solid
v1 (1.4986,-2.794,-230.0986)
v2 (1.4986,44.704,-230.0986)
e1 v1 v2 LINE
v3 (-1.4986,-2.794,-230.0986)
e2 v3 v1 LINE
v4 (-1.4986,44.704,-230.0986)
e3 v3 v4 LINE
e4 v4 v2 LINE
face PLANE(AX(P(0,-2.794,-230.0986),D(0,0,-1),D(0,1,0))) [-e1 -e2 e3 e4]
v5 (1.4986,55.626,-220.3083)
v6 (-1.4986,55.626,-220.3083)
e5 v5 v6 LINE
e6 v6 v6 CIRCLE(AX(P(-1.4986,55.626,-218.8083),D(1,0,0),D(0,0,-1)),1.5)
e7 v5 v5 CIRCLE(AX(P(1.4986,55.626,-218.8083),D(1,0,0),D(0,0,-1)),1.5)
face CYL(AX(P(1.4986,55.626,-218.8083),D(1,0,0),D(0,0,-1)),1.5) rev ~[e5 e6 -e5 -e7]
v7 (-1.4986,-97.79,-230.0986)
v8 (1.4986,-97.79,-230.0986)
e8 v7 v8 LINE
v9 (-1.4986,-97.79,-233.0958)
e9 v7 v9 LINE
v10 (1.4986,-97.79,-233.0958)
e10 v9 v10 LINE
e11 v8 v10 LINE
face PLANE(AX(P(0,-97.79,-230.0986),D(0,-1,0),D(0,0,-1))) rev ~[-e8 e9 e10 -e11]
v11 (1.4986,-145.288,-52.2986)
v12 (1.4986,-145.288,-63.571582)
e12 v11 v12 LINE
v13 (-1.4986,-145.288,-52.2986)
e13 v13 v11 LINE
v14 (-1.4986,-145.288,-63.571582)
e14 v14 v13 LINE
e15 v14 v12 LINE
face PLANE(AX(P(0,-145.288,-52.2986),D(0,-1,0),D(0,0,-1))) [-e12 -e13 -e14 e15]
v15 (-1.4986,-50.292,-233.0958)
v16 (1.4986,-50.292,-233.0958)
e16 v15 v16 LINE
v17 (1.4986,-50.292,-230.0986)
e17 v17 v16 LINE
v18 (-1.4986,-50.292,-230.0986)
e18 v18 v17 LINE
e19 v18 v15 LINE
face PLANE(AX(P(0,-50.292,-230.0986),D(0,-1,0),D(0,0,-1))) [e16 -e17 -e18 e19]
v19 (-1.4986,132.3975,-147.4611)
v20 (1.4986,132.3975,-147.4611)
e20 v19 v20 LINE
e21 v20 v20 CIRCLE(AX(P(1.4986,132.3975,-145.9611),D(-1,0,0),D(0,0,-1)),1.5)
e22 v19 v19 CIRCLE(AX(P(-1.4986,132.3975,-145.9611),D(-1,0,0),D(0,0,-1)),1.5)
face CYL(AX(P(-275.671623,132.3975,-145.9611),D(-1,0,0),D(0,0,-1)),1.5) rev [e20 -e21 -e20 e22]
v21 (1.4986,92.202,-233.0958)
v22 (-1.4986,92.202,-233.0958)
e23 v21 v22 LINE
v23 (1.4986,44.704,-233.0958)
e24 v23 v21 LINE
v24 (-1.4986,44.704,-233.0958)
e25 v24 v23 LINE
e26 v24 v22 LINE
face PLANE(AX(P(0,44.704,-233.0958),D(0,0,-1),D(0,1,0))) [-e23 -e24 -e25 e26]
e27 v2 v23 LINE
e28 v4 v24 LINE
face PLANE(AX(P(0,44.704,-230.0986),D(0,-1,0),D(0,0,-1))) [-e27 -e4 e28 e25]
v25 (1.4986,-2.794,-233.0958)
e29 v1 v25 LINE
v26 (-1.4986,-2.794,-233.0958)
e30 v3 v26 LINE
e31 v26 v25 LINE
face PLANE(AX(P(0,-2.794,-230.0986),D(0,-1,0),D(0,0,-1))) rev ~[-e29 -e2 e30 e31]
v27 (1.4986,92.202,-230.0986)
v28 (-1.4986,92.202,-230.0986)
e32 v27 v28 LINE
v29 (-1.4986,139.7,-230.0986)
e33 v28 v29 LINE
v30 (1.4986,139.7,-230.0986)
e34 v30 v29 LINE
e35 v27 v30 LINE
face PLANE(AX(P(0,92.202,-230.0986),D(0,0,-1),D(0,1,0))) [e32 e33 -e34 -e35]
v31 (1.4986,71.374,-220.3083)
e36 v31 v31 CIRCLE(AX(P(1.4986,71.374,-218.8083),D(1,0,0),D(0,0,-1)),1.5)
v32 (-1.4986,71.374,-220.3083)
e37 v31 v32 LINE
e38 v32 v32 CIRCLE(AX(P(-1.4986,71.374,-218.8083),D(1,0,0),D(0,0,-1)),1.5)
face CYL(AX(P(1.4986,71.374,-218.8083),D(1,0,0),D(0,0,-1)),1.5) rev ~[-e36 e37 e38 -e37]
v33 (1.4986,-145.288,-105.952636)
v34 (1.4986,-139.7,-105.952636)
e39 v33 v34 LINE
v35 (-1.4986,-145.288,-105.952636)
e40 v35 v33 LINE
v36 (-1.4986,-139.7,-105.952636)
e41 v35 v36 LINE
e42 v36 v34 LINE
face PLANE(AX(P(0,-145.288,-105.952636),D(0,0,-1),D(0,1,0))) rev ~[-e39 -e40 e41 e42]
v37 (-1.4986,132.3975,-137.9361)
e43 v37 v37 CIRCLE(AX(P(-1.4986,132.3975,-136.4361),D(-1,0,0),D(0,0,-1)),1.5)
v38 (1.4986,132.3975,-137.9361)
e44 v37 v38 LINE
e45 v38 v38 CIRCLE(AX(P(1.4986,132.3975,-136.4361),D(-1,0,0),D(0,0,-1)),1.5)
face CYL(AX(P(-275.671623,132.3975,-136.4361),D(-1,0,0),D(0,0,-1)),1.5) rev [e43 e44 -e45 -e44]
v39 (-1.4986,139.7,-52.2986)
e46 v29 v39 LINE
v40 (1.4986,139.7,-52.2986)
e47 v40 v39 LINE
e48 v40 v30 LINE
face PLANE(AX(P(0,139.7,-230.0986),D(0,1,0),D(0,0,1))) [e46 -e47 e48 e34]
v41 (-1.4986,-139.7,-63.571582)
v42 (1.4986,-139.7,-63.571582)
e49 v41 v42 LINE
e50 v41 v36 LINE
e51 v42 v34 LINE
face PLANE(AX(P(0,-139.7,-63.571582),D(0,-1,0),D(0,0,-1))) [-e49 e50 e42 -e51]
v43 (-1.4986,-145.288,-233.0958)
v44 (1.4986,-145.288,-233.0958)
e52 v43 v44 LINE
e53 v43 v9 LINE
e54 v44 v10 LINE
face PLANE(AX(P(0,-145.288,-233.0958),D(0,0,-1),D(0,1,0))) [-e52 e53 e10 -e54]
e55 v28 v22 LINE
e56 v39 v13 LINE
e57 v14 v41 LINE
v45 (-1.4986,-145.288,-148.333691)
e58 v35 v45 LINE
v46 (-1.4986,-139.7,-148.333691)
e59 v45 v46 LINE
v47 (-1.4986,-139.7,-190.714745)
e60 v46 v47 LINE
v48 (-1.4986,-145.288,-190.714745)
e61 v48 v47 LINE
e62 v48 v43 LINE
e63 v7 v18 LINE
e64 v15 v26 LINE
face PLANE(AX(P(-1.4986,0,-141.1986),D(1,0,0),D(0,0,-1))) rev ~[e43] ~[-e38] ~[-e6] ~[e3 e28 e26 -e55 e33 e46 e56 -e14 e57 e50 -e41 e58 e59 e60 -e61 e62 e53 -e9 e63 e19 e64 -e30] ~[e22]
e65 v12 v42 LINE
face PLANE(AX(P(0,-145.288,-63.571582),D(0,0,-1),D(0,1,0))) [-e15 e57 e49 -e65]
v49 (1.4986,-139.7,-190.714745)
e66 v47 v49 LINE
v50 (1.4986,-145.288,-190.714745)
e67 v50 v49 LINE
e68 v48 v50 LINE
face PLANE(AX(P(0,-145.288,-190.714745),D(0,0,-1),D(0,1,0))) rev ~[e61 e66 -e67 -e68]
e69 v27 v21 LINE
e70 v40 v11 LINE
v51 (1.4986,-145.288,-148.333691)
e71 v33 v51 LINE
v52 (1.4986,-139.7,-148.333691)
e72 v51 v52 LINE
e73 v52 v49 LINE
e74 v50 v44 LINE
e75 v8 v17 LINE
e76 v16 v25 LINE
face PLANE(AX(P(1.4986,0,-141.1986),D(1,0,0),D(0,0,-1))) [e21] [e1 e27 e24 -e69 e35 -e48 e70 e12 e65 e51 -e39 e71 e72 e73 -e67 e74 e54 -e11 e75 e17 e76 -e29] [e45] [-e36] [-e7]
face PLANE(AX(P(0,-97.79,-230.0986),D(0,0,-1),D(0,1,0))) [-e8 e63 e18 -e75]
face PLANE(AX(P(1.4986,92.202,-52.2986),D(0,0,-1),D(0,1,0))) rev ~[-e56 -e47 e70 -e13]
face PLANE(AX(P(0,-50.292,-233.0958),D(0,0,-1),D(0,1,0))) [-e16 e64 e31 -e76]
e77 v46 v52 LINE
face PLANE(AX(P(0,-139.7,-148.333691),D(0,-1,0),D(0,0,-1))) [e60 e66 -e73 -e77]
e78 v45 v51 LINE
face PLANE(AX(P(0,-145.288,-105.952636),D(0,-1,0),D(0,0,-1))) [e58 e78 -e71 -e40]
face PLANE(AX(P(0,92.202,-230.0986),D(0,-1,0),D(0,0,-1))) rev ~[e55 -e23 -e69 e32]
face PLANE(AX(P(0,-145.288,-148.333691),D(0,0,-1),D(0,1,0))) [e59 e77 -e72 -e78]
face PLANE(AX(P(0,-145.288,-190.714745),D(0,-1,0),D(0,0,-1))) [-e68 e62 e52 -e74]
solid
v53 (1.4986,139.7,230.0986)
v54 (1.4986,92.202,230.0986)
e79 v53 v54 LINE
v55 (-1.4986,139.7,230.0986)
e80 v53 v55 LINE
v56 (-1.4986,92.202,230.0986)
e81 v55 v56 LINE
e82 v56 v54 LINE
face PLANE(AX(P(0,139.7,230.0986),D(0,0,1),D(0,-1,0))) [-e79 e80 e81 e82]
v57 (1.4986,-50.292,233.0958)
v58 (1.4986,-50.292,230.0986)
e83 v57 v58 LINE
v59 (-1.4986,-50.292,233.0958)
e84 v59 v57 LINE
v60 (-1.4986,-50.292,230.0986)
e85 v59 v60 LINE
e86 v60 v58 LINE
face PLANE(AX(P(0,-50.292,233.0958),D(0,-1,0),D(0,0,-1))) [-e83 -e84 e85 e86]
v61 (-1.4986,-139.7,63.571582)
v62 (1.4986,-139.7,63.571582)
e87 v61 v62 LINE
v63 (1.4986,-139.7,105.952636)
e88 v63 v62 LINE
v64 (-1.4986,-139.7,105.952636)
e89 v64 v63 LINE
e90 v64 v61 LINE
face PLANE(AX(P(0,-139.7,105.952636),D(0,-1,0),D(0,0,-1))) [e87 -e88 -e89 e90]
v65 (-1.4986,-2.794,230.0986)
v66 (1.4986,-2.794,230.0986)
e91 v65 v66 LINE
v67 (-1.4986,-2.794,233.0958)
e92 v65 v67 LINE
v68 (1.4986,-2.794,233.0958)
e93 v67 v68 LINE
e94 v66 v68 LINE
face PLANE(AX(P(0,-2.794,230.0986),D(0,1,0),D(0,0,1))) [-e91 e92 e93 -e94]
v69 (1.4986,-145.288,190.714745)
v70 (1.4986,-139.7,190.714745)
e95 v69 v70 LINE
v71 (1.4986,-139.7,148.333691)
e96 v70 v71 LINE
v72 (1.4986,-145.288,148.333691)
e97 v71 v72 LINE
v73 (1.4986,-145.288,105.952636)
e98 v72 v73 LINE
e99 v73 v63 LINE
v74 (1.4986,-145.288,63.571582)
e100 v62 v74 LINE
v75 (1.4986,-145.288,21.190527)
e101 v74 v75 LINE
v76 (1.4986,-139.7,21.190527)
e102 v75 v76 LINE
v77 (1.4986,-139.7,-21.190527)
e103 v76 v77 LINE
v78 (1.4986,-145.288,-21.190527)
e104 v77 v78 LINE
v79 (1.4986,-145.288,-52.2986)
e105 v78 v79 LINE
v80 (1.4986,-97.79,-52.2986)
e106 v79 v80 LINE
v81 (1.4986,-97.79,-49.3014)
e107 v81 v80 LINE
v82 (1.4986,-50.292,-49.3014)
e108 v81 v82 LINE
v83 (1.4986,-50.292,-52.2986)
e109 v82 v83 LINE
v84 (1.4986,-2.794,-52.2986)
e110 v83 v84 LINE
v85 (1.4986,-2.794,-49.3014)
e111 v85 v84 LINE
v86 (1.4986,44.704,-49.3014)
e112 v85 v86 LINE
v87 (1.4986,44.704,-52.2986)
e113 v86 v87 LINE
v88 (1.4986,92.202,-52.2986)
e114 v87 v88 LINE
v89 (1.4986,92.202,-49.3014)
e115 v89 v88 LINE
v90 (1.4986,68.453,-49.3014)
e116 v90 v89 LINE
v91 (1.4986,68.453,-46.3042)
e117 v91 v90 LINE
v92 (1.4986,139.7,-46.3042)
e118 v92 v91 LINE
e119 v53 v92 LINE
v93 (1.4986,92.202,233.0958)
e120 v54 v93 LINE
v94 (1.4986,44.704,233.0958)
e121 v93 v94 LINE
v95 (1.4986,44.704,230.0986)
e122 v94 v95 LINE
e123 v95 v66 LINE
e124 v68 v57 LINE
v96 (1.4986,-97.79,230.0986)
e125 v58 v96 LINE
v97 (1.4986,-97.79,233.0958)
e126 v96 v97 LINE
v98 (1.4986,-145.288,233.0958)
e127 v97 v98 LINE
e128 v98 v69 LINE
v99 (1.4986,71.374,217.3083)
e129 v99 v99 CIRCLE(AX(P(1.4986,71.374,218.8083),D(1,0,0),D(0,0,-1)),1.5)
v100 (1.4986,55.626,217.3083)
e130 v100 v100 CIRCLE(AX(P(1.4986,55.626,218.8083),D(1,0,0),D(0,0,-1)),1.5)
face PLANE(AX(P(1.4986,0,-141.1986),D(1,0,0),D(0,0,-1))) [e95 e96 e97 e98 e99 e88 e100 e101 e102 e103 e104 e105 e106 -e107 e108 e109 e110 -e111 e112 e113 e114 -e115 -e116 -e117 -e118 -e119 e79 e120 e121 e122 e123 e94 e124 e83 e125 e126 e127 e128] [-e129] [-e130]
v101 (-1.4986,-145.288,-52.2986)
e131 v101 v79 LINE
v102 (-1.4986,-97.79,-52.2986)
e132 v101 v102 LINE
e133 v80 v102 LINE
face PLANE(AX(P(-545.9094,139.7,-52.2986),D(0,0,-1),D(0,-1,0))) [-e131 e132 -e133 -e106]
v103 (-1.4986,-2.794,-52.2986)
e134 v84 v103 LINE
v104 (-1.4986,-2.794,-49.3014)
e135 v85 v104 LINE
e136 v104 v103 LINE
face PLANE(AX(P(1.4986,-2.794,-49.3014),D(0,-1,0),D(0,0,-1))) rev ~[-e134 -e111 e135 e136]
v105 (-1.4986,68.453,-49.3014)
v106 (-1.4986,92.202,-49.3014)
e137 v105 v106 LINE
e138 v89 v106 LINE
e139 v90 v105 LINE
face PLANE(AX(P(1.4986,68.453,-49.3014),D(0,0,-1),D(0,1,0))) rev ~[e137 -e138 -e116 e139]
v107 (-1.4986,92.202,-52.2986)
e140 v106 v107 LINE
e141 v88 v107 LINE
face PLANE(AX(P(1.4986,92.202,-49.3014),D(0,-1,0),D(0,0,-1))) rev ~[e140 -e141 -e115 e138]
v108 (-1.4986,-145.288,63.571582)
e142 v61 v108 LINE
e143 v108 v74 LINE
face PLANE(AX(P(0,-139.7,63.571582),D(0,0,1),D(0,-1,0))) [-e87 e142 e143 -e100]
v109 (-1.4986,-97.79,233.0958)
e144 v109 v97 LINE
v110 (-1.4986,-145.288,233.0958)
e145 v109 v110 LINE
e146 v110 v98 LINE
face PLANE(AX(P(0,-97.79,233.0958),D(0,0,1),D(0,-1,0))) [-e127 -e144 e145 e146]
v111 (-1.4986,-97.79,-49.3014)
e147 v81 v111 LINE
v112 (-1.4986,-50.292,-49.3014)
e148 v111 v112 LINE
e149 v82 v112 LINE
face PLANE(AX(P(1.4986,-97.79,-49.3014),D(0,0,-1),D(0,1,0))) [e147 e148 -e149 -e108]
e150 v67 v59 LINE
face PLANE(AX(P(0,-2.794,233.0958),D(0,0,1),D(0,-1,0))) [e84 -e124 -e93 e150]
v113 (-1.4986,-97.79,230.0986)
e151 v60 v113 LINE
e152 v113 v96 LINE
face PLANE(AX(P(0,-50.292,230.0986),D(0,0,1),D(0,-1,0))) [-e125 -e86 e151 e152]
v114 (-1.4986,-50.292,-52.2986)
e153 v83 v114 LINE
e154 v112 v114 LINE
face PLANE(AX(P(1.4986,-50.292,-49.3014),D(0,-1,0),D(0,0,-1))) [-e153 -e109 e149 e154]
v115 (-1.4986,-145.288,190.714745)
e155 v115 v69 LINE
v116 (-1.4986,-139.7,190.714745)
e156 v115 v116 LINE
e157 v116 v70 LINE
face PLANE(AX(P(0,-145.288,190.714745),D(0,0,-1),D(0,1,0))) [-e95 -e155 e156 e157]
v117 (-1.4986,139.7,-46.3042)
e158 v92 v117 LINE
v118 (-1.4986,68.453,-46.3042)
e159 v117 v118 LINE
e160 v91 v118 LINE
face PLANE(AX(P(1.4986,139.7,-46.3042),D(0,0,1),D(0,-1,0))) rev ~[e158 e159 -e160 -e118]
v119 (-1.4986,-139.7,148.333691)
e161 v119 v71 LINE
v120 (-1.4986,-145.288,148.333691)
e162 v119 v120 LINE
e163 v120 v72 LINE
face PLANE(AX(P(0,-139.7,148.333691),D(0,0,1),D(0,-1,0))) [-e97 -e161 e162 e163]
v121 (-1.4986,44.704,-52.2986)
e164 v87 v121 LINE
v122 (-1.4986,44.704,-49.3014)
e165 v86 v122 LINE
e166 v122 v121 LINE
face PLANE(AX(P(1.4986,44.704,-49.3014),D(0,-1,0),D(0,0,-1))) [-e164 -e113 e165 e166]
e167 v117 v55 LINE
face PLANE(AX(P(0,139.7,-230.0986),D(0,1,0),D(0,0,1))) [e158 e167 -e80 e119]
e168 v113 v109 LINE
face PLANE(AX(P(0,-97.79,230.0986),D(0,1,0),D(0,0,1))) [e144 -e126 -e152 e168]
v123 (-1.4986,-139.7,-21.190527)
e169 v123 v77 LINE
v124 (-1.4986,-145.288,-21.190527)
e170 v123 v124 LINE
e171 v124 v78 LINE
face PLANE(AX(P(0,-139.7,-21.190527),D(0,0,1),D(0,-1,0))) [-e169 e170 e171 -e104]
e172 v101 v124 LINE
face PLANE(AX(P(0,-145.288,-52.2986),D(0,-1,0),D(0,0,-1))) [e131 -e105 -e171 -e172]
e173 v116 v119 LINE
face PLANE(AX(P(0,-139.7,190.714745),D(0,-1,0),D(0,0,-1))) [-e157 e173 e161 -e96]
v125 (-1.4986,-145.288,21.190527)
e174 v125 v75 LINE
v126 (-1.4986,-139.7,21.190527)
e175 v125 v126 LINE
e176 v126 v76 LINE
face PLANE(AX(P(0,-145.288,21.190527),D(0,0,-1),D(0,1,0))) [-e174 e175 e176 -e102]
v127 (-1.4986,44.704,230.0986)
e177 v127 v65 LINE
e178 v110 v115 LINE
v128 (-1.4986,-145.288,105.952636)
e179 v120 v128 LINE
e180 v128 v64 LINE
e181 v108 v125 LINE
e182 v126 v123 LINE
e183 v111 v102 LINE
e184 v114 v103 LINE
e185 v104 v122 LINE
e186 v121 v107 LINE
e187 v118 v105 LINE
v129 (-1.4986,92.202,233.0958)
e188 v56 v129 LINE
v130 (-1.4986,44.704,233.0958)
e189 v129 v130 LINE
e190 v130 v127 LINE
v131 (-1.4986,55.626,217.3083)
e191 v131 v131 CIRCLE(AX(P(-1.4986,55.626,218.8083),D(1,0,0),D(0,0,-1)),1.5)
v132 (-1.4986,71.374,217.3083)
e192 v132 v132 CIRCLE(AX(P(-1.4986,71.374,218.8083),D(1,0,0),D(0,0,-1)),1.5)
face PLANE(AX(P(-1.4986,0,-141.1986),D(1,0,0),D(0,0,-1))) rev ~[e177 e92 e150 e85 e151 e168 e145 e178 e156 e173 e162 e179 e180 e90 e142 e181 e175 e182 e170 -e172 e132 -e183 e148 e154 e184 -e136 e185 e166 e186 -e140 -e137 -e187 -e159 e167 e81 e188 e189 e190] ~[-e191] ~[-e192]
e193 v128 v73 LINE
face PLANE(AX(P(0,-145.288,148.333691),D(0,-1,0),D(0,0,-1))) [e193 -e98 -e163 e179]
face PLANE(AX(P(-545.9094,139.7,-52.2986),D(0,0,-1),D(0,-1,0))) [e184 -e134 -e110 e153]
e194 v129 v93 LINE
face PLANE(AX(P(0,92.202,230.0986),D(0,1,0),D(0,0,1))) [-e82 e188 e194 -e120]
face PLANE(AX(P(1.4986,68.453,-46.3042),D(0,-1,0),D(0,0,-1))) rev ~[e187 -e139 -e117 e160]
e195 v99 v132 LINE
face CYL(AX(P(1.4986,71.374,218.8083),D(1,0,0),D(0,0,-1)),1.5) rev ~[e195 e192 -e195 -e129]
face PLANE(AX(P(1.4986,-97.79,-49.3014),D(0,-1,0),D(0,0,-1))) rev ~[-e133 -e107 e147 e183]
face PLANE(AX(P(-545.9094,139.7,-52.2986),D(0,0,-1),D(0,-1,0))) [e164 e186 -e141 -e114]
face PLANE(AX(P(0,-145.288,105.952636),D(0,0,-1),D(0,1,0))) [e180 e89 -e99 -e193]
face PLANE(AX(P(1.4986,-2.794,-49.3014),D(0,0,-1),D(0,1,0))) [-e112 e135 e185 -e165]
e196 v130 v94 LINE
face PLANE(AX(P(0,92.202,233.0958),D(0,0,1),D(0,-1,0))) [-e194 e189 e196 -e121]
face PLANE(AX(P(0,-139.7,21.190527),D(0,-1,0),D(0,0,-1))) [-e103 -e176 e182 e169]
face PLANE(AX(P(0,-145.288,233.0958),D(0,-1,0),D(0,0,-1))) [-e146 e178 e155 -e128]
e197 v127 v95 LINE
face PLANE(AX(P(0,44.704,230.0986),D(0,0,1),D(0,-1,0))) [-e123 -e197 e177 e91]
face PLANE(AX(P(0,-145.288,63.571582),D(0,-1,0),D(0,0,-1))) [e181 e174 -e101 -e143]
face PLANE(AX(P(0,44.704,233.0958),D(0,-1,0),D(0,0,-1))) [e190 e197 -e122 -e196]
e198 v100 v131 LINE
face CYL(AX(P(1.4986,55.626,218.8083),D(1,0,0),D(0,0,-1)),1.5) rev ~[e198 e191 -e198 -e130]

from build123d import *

# Parameters (mm, degrees)
BOSS_EXTRUDE1_DEPTH     = 1.4986
SKETCH1_3_W             = 11.272981818
SKETCH1_3_H             = 5.588
SKETCH1_3_W_2           = 42.381054545
SKETCH1_3_W_3           = 39.383854545
SKETCH1_3_W_4           = 2.9972
SKETCH1_3_H_2           = 41.91
SKETCH1_3_H_3           = 47.498
BOSS_EXTRUDE2_DEPTH     = 1.4986
SKETCH4_W               = 2.9972
SKETCH4_H               = 47.498
SKETCH4_H_2             = 23.749
CUT_EXTRUDE1_DEPTH      = 275.683887641
SKETCH9_R               = 1.5
CUT_EXTRUDE4_DEPTH      = 275.683887641
CUT_EXTRUDE5_DEPTH      = 275.671623441
CUT_EXTRUDE5_DEPTH_BACK = 275.671623441
SKETCH10_R              = 1.5
SPLIT1_SURFACE_1_BACK   = 547.408
SPLIT1_SURFACE_1_DEPTH  = 1094.816
SPLIT1_SURFACE_2_BACK   = 547.408
SPLIT1_SURFACE_2_DEPTH  = 1094.816


with BuildPart() as part:
    # Sketch1 → Boss-Extrude1 (new, symmetric)
    with BuildSketch(Plane(origin=(0, 0, 0), x_dir=(0, 0, -1), z_dir=(1, 0, 0))):
        Polygon((-230.0986, 139.7), (-230.0986, 92.202), (-233.0958, 92.202), (-233.0958, 44.704), (-230.0986, 44.704), (-230.0986, -2.794), (-233.0958, -2.794), (-233.0958, -50.292), (-230.0986, -50.292), (-230.0986, -97.79), (-233.0958, -97.79), (-233.0958, -145.288), (-190.714745455, -145.288), (-190.714745455, -139.7), (-148.333690909, -139.7), (-148.333690909, -145.288), (-105.952636364, -145.288), (-105.952636364, -139.7), (-63.571581818, -139.7), (-63.571581818, -145.288), (-21.190527273, -145.288), (-21.190527273, -139.7), (21.190527273, -139.7), (21.190527273, -145.288), (52.2986, -145.288), (52.2986, 139.7), align=None)
    extrude(amount=BOSS_EXTRUDE1_DEPTH, both=True)

    # Sketch1<3> → Boss-Extrude2 (add, symmetric)
    with BuildSketch(Plane(origin=(0, 0, 0), x_dir=(0, 0, -1), z_dir=(1, 0, 0))):
        Polygon((230.0986, 139.7), (52.2986, 139.7), (52.2986, -139.7), (63.571581818, -139.7), (105.952636364, -139.7), (148.333690909, -139.7), (190.714745455, -139.7), (230.0986, -139.7), (230.0986, -97.79), (230.0986, -50.292), (230.0986, -2.794), (230.0986, 44.704), (230.0986, 92.202), align=None)
        with Locations((57.935090909, -142.494)):
            Rectangle(SKETCH1_3_W, SKETCH1_3_H)
        with Locations((127.143163637, -142.494)):
            Rectangle(SKETCH1_3_W_2, SKETCH1_3_H)
        with Locations((210.406672727, -142.494)):
            Rectangle(SKETCH1_3_W_3, SKETCH1_3_H)
        with Locations((231.5972, -142.494)):
            Rectangle(SKETCH1_3_W_4, SKETCH1_3_H)
        with Locations((231.5972, -118.745)):
            Rectangle(SKETCH1_3_W_4, SKETCH1_3_H_2)
        with Locations((231.5972, -26.543)):
            Rectangle(SKETCH1_3_W_4, SKETCH1_3_H_3)
        with Locations((231.5972, 68.453)):
            Rectangle(SKETCH1_3_W_4, SKETCH1_3_H_3)
    extrude(amount=BOSS_EXTRUDE2_DEPTH, both=True)

    # Sketch4 → Cut-Extrude1 (cut, through all)
    with BuildSketch(Plane(origin=(1.4986, 0, 0), x_dir=(0, 0, -1), z_dir=(1, 0, 0))):
        with Locations((50.8, 20.955)):
            Rectangle(SKETCH4_W, SKETCH4_H)
        with Locations((50.8, -74.041)):
            Rectangle(SKETCH4_W, SKETCH4_H)
        with Locations((50.8, 115.951)):
            Rectangle(SKETCH4_W, SKETCH4_H)
        with Locations((47.8028, 115.951)):
            Rectangle(SKETCH4_W, SKETCH4_H)
        with Locations((47.8028, 80.3275)):
            Rectangle(SKETCH4_W, SKETCH4_H_2)
    extrude(amount=-CUT_EXTRUDE1_DEPTH, mode=Mode.SUBTRACT)

    # Sketch9 → Cut-Extrude4 (cut, through all)
    with BuildSketch(Plane(origin=(1.4986, 0, 0), x_dir=(0, 0, -1), z_dir=(1, 0, 0))):
        with Locations((-218.8083, 71.374)):
            Circle(SKETCH9_R)
        with Locations((-218.8083, 55.626)):
            Circle(SKETCH9_R)
        with Locations((218.8083, 71.374)):
            Circle(SKETCH9_R)
        with Locations((218.8083, 55.626)):
            Circle(SKETCH9_R)
    extrude(amount=-CUT_EXTRUDE4_DEPTH, mode=Mode.SUBTRACT)

    # Sketch10 → Cut-Extrude5 (cut, two sides: drawn at the far end of the back side and taken through both)
    with BuildSketch(Plane(origin=(0, 0, 0), x_dir=(0, 0, -1), z_dir=(1, 0, 0)).offset(-CUT_EXTRUDE5_DEPTH_BACK)):
        with Locations((145.9611, 132.3975)):
            Circle(SKETCH10_R)
        with Locations((136.4361, 132.3975)):
            Circle(SKETCH10_R)
    extrude(amount=CUT_EXTRUDE5_DEPTH + CUT_EXTRUDE5_DEPTH_BACK, mode=Mode.SUBTRACT)


with BuildPart() as body_2:
    # Split1: the piece behind the surface
    add(part.part)
    # Split1 surface: a surface, the sketch's curves swept straight by 1094.816 mm
    with BuildLine(Plane(origin=(1.4986, 0, 0), x_dir=(0, 0, -1), z_dir=(1, 0, 0)).offset(-SPLIT1_SURFACE_1_BACK), mode=Mode.PRIVATE) as split1_surface_1_path:
        Line((52.2986, 139.7), (52.2986, -145.288))
    split1_surface_1 = Shell.extrude(split1_surface_1_path.wire(), (1 * SPLIT1_SURFACE_1_DEPTH, 0 * SPLIT1_SURFACE_1_DEPTH, 0 * SPLIT1_SURFACE_1_DEPTH))
    split(bisect_by=split1_surface_1, keep=Keep.BOTTOM)


with BuildPart() as part_1:
    add(part.part)

    # Split1: split by a surface, the side it looks to stays
    # Split1 surface: a surface, the sketch's curves swept straight by 1094.816 mm
    with BuildLine(Plane(origin=(1.4986, 0, 0), x_dir=(0, 0, -1), z_dir=(1, 0, 0)).offset(-SPLIT1_SURFACE_2_BACK), mode=Mode.PRIVATE) as split1_surface_2_path:
        Line((52.2986, 139.7), (52.2986, -145.288))
    split1_surface_2 = Shell.extrude(split1_surface_2_path.wire(), (1 * SPLIT1_SURFACE_2_DEPTH, 0 * SPLIT1_SURFACE_2_DEPTH, 0 * SPLIT1_SURFACE_2_DEPTH))
    split(bisect_by=split1_surface_2, keep=Keep.TOP)


solid = Compound([body_2.part, part_1.part])
